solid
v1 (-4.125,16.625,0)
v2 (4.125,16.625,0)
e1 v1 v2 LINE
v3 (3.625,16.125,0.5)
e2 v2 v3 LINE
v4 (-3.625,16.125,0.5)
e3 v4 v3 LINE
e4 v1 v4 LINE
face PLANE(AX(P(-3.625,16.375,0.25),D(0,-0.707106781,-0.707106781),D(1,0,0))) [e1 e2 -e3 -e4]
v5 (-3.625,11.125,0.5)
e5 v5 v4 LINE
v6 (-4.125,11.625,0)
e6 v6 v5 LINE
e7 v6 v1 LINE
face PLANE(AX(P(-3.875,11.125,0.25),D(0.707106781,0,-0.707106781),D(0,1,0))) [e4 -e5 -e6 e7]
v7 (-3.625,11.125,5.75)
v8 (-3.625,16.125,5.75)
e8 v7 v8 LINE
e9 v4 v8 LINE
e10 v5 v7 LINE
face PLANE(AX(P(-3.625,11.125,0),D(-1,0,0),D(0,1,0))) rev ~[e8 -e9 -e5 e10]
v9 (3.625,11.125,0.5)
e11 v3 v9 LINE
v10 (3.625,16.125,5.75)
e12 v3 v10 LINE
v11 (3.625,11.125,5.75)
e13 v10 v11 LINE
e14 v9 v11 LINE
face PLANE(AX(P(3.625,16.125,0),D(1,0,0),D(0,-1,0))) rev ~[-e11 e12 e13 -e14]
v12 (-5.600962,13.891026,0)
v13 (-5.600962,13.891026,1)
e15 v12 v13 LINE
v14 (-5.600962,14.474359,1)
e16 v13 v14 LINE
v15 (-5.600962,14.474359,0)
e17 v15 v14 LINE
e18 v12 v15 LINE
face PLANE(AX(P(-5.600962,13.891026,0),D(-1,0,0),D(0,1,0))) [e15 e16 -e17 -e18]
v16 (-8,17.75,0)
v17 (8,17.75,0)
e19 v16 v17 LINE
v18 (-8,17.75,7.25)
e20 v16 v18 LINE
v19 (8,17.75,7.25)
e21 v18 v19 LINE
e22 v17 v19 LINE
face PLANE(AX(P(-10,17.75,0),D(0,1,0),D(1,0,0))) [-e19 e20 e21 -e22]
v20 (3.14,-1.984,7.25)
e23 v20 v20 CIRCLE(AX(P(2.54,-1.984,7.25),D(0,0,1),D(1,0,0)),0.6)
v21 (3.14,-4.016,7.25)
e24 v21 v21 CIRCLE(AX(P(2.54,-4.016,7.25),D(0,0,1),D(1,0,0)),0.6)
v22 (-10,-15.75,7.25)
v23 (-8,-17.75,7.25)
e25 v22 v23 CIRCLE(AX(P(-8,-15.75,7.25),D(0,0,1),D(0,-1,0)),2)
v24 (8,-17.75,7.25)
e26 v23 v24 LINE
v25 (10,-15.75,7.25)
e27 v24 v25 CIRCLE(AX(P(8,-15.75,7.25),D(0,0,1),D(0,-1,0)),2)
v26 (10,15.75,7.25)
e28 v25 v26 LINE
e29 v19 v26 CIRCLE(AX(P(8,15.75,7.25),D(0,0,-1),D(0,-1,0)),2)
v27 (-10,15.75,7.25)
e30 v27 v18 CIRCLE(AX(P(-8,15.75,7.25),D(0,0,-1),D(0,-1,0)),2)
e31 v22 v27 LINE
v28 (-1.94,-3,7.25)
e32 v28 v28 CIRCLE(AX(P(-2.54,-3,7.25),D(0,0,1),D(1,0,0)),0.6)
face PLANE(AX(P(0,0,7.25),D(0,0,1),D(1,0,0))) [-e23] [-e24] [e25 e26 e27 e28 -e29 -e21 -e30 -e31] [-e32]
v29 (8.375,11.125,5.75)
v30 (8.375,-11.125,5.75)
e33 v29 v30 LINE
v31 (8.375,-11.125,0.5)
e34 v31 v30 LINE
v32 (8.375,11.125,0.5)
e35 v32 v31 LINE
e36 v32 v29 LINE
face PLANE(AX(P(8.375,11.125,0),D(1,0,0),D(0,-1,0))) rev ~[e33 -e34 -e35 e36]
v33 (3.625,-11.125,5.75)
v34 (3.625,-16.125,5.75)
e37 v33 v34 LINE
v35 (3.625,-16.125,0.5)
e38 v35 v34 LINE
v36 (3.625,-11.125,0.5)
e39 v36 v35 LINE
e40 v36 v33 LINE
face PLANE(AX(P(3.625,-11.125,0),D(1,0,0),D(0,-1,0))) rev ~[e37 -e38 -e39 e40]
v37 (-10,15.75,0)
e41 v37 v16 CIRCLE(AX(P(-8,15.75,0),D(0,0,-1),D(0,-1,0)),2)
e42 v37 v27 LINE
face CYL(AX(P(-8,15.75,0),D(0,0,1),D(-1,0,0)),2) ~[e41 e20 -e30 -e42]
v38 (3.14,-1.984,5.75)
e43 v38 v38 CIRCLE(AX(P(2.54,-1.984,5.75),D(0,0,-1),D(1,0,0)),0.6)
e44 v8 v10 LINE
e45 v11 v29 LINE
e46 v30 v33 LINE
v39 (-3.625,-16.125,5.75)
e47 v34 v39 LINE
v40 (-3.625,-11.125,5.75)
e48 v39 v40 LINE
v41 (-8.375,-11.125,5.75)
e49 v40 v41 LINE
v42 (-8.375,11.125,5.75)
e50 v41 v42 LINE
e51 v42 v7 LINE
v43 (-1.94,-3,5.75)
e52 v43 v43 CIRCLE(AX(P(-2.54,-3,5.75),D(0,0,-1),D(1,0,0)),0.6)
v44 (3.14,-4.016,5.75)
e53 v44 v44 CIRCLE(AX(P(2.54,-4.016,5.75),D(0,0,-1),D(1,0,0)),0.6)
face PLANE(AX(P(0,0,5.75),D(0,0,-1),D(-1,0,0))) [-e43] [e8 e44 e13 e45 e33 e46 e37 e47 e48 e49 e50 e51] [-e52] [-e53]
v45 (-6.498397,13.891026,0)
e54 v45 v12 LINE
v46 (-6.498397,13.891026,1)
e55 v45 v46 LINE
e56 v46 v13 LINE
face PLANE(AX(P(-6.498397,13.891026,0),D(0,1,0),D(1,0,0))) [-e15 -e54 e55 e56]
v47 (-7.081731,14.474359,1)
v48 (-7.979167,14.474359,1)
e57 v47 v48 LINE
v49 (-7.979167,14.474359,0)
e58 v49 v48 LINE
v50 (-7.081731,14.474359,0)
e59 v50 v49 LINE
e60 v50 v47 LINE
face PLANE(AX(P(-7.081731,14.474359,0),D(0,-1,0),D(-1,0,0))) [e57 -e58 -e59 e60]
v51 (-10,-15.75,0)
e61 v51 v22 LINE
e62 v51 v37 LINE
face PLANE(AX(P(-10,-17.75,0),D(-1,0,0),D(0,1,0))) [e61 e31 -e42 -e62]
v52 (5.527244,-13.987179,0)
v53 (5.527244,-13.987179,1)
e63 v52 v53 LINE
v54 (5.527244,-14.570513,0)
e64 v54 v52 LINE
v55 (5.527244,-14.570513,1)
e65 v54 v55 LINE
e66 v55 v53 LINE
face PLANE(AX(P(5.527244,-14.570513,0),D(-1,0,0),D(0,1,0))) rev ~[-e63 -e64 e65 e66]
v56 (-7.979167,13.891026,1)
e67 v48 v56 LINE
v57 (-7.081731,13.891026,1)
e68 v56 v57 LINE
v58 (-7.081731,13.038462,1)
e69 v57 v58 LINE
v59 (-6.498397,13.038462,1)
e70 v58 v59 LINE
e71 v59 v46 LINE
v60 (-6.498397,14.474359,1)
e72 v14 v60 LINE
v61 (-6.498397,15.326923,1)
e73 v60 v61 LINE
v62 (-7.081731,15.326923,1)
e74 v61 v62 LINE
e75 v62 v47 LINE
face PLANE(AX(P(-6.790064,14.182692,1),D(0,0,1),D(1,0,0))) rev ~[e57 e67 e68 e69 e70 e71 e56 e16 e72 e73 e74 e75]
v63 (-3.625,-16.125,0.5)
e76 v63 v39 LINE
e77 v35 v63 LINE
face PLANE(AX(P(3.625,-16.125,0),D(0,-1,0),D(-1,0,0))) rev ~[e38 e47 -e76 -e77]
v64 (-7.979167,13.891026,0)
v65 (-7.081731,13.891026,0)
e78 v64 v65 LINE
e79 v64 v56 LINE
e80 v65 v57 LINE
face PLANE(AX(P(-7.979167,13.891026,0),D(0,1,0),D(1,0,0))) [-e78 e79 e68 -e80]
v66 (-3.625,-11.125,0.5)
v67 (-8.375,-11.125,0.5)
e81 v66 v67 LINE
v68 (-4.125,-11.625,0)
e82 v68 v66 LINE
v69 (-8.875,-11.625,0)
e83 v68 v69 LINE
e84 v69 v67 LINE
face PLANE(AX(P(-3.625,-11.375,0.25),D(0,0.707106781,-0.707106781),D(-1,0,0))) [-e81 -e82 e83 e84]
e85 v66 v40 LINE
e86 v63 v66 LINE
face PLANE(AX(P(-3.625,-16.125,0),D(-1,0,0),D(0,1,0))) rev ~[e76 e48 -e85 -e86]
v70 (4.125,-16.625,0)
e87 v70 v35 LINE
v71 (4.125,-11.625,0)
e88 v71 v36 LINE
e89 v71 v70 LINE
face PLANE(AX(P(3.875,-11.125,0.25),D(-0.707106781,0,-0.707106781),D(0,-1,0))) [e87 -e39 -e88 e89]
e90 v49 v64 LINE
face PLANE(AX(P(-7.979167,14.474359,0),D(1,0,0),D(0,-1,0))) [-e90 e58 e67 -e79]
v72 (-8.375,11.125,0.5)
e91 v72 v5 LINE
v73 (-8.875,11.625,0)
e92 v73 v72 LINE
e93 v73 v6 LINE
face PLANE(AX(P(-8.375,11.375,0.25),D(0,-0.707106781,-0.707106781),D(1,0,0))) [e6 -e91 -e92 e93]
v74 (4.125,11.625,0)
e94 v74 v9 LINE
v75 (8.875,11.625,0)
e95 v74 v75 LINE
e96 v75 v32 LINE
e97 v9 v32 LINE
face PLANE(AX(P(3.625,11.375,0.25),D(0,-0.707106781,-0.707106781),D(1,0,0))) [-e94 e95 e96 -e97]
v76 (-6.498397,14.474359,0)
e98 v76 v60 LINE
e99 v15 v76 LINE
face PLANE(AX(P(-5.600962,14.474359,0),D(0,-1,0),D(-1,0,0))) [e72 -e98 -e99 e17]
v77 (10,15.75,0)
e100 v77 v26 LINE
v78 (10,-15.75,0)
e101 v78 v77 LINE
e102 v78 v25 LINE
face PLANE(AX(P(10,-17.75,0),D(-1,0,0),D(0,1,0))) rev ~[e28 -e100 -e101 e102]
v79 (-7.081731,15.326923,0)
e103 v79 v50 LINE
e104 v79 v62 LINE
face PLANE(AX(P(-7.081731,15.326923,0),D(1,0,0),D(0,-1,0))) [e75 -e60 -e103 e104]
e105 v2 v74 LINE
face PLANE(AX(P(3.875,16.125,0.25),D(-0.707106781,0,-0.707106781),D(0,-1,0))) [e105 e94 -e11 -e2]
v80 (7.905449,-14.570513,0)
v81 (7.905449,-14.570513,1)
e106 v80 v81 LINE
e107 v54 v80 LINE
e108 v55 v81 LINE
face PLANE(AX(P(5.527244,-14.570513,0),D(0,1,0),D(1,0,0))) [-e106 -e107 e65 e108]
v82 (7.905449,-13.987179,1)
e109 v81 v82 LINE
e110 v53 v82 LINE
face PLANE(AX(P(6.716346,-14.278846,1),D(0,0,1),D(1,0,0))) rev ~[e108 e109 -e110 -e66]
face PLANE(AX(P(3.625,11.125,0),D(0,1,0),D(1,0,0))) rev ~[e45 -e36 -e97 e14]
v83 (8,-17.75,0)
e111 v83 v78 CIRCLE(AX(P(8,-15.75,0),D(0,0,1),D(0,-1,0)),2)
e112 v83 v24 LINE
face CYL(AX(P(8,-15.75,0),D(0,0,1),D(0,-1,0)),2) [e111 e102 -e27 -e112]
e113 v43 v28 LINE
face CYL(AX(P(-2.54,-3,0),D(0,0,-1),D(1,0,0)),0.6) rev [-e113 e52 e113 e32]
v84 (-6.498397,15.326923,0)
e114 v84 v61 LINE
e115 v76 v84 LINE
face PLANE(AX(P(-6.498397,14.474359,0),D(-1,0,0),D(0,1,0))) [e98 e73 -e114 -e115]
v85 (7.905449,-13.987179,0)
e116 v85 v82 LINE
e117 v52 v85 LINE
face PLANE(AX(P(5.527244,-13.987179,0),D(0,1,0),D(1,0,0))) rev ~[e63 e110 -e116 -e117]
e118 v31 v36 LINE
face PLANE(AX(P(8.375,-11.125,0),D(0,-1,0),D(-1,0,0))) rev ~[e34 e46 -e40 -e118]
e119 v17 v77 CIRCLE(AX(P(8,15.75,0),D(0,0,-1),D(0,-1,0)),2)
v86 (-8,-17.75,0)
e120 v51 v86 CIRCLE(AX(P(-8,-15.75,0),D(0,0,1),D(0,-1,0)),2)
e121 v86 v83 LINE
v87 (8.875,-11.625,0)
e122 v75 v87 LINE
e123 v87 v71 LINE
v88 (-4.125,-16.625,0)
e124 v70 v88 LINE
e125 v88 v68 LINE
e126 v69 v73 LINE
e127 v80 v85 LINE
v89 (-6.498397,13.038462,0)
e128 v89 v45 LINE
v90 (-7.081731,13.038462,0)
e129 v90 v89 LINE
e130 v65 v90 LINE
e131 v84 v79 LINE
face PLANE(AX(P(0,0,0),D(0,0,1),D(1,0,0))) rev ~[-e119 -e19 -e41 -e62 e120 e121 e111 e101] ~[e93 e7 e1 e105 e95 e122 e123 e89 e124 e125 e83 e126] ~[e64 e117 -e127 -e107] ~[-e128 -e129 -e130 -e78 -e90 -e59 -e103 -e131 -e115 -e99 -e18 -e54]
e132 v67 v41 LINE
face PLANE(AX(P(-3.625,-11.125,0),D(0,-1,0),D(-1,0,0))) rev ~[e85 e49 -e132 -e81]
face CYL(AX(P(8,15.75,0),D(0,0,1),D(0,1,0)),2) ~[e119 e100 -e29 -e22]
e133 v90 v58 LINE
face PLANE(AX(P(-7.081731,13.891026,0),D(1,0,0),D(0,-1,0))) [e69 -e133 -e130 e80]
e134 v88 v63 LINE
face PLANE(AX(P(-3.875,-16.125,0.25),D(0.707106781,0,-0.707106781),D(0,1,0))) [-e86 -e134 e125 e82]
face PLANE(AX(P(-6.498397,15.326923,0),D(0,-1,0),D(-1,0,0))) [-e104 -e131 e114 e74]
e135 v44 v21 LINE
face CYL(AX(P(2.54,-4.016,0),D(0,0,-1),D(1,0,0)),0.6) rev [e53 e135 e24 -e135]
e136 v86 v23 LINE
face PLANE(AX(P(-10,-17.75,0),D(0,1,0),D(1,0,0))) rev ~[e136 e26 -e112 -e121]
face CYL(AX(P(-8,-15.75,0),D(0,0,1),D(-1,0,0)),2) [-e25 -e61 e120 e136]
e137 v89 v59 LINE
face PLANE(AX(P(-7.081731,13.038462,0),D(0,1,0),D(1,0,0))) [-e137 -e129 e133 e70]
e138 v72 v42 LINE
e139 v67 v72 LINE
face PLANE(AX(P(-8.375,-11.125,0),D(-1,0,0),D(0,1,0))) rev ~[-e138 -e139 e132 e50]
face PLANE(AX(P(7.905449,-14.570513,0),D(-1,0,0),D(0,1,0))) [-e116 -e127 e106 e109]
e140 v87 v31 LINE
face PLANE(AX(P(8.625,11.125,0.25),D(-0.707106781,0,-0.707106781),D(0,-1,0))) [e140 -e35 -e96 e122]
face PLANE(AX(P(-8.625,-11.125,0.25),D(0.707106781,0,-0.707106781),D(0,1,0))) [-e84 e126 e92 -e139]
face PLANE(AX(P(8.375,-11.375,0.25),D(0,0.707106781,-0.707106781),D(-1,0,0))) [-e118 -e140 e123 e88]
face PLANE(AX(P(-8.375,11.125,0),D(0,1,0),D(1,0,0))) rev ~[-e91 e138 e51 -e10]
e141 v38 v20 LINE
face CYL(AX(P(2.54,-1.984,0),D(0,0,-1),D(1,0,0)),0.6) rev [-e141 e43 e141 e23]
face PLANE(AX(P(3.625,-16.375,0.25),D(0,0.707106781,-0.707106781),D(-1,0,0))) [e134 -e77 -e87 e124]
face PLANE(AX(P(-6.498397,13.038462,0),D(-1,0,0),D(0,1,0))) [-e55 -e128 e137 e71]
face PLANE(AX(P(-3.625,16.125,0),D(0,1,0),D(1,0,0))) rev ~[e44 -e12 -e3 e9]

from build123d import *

# Parameters (mm, degrees)
SKETCH1_W           = 20
SKETCH1_H           = 35.5
BOSS_EXTRUDE1_DEPTH = 7.25
CUT_EXTRUDE1_DEPTH  = 5.75
SKETCH3_R           = 0.6
CUT_EXTRUDE2_DEPTH  = 7.25
FILLET1_R           = 2
SKETCH4_W           = 2.378205128
SKETCH4_H           = 0.583333334
CUT_EXTRUDE3_DEPTH  = 1
CHAMFER1_SIZE       = 0.5


with BuildPart() as part:
    # Sketch1 → Boss-Extrude1 (new body)
    with BuildSketch(Plane.XY):
        Rectangle(SKETCH1_W, SKETCH1_H)
    extrude(amount=BOSS_EXTRUDE1_DEPTH)

    # Sketch2 → Cut-Extrude1 (cut)
    with BuildSketch(Plane.XY):
        Polygon((-3.625, 11.125), (-3.625, 16.125), (3.625, 16.125), (3.625, 11.125), (8.375, 11.125), (8.375, -11.125), (3.625, -11.125), (3.625, -16.125), (-3.625, -16.125), (-3.625, -11.125), (-8.375, -11.125), (-8.375, 11.125), align=None)
    extrude(amount=CUT_EXTRUDE1_DEPTH, mode=Mode.SUBTRACT)

    # Sketch3 → Cut-Extrude2 (cut)
    with BuildSketch(Plane.XY):
        with Locations((-2.54, -3)):
            Circle(SKETCH3_R)
        with Locations((2.54, -1.984)):
            Circle(SKETCH3_R)
        with Locations((2.54, -4.016)):
            Circle(SKETCH3_R)
    extrude(amount=CUT_EXTRUDE2_DEPTH, mode=Mode.SUBTRACT)

    # Fillet1
    fillet1_edges = [part.edges().sort_by_distance(p)[0] for p in [
        (10, -17.75, 3.625),
        (-10, -17.75, 3.625),
        (-10, 17.75, 3.625),
        (10, 17.75, 3.625),
    ]]
    fillet(fillet1_edges, radius=FILLET1_R)

    # Sketch4 → Cut-Extrude3 (cut)
    with BuildSketch(Plane.XY):
        Polygon((-6.498397436, 14.474358974), (-6.498397436, 15.326923077), (-7.081730769, 15.326923077), (-7.081730769, 14.474358974), (-7.979166667, 14.474358974), (-7.979166667, 13.891025641), (-7.081730769, 13.891025641), (-7.081730769, 13.038461538), (-6.498397436, 13.038461538), (-6.498397436, 13.891025641), (-5.600961538, 13.891025641), (-5.600961538, 14.474358974), align=None)
        with Locations((6.716346154, -14.278846154)):
            Rectangle(SKETCH4_W, SKETCH4_H)
    extrude(amount=CUT_EXTRUDE3_DEPTH, mode=Mode.SUBTRACT)

    # Chamfer1
    chamfer1_edges = [part.edges().sort_by_distance(p)[0] for p in [
        (3.625, 13.625, 0),
        (0, 16.125, 0),
        (-3.625, 13.625, 0),
        (-6, 11.125, 0),
        (-8.375, 0, 0),
        (-6, -11.125, 0),
        (-3.625, -13.625, 0),
        (0, -16.125, 0),
        (3.625, -13.625, 0),
        (6, -11.125, 0),
        (8.375, 0, 0),
        (6, 11.125, 0),
    ]]
    chamfer(chamfer1_edges, length=CHAMFER1_SIZE)


solid = part.part
